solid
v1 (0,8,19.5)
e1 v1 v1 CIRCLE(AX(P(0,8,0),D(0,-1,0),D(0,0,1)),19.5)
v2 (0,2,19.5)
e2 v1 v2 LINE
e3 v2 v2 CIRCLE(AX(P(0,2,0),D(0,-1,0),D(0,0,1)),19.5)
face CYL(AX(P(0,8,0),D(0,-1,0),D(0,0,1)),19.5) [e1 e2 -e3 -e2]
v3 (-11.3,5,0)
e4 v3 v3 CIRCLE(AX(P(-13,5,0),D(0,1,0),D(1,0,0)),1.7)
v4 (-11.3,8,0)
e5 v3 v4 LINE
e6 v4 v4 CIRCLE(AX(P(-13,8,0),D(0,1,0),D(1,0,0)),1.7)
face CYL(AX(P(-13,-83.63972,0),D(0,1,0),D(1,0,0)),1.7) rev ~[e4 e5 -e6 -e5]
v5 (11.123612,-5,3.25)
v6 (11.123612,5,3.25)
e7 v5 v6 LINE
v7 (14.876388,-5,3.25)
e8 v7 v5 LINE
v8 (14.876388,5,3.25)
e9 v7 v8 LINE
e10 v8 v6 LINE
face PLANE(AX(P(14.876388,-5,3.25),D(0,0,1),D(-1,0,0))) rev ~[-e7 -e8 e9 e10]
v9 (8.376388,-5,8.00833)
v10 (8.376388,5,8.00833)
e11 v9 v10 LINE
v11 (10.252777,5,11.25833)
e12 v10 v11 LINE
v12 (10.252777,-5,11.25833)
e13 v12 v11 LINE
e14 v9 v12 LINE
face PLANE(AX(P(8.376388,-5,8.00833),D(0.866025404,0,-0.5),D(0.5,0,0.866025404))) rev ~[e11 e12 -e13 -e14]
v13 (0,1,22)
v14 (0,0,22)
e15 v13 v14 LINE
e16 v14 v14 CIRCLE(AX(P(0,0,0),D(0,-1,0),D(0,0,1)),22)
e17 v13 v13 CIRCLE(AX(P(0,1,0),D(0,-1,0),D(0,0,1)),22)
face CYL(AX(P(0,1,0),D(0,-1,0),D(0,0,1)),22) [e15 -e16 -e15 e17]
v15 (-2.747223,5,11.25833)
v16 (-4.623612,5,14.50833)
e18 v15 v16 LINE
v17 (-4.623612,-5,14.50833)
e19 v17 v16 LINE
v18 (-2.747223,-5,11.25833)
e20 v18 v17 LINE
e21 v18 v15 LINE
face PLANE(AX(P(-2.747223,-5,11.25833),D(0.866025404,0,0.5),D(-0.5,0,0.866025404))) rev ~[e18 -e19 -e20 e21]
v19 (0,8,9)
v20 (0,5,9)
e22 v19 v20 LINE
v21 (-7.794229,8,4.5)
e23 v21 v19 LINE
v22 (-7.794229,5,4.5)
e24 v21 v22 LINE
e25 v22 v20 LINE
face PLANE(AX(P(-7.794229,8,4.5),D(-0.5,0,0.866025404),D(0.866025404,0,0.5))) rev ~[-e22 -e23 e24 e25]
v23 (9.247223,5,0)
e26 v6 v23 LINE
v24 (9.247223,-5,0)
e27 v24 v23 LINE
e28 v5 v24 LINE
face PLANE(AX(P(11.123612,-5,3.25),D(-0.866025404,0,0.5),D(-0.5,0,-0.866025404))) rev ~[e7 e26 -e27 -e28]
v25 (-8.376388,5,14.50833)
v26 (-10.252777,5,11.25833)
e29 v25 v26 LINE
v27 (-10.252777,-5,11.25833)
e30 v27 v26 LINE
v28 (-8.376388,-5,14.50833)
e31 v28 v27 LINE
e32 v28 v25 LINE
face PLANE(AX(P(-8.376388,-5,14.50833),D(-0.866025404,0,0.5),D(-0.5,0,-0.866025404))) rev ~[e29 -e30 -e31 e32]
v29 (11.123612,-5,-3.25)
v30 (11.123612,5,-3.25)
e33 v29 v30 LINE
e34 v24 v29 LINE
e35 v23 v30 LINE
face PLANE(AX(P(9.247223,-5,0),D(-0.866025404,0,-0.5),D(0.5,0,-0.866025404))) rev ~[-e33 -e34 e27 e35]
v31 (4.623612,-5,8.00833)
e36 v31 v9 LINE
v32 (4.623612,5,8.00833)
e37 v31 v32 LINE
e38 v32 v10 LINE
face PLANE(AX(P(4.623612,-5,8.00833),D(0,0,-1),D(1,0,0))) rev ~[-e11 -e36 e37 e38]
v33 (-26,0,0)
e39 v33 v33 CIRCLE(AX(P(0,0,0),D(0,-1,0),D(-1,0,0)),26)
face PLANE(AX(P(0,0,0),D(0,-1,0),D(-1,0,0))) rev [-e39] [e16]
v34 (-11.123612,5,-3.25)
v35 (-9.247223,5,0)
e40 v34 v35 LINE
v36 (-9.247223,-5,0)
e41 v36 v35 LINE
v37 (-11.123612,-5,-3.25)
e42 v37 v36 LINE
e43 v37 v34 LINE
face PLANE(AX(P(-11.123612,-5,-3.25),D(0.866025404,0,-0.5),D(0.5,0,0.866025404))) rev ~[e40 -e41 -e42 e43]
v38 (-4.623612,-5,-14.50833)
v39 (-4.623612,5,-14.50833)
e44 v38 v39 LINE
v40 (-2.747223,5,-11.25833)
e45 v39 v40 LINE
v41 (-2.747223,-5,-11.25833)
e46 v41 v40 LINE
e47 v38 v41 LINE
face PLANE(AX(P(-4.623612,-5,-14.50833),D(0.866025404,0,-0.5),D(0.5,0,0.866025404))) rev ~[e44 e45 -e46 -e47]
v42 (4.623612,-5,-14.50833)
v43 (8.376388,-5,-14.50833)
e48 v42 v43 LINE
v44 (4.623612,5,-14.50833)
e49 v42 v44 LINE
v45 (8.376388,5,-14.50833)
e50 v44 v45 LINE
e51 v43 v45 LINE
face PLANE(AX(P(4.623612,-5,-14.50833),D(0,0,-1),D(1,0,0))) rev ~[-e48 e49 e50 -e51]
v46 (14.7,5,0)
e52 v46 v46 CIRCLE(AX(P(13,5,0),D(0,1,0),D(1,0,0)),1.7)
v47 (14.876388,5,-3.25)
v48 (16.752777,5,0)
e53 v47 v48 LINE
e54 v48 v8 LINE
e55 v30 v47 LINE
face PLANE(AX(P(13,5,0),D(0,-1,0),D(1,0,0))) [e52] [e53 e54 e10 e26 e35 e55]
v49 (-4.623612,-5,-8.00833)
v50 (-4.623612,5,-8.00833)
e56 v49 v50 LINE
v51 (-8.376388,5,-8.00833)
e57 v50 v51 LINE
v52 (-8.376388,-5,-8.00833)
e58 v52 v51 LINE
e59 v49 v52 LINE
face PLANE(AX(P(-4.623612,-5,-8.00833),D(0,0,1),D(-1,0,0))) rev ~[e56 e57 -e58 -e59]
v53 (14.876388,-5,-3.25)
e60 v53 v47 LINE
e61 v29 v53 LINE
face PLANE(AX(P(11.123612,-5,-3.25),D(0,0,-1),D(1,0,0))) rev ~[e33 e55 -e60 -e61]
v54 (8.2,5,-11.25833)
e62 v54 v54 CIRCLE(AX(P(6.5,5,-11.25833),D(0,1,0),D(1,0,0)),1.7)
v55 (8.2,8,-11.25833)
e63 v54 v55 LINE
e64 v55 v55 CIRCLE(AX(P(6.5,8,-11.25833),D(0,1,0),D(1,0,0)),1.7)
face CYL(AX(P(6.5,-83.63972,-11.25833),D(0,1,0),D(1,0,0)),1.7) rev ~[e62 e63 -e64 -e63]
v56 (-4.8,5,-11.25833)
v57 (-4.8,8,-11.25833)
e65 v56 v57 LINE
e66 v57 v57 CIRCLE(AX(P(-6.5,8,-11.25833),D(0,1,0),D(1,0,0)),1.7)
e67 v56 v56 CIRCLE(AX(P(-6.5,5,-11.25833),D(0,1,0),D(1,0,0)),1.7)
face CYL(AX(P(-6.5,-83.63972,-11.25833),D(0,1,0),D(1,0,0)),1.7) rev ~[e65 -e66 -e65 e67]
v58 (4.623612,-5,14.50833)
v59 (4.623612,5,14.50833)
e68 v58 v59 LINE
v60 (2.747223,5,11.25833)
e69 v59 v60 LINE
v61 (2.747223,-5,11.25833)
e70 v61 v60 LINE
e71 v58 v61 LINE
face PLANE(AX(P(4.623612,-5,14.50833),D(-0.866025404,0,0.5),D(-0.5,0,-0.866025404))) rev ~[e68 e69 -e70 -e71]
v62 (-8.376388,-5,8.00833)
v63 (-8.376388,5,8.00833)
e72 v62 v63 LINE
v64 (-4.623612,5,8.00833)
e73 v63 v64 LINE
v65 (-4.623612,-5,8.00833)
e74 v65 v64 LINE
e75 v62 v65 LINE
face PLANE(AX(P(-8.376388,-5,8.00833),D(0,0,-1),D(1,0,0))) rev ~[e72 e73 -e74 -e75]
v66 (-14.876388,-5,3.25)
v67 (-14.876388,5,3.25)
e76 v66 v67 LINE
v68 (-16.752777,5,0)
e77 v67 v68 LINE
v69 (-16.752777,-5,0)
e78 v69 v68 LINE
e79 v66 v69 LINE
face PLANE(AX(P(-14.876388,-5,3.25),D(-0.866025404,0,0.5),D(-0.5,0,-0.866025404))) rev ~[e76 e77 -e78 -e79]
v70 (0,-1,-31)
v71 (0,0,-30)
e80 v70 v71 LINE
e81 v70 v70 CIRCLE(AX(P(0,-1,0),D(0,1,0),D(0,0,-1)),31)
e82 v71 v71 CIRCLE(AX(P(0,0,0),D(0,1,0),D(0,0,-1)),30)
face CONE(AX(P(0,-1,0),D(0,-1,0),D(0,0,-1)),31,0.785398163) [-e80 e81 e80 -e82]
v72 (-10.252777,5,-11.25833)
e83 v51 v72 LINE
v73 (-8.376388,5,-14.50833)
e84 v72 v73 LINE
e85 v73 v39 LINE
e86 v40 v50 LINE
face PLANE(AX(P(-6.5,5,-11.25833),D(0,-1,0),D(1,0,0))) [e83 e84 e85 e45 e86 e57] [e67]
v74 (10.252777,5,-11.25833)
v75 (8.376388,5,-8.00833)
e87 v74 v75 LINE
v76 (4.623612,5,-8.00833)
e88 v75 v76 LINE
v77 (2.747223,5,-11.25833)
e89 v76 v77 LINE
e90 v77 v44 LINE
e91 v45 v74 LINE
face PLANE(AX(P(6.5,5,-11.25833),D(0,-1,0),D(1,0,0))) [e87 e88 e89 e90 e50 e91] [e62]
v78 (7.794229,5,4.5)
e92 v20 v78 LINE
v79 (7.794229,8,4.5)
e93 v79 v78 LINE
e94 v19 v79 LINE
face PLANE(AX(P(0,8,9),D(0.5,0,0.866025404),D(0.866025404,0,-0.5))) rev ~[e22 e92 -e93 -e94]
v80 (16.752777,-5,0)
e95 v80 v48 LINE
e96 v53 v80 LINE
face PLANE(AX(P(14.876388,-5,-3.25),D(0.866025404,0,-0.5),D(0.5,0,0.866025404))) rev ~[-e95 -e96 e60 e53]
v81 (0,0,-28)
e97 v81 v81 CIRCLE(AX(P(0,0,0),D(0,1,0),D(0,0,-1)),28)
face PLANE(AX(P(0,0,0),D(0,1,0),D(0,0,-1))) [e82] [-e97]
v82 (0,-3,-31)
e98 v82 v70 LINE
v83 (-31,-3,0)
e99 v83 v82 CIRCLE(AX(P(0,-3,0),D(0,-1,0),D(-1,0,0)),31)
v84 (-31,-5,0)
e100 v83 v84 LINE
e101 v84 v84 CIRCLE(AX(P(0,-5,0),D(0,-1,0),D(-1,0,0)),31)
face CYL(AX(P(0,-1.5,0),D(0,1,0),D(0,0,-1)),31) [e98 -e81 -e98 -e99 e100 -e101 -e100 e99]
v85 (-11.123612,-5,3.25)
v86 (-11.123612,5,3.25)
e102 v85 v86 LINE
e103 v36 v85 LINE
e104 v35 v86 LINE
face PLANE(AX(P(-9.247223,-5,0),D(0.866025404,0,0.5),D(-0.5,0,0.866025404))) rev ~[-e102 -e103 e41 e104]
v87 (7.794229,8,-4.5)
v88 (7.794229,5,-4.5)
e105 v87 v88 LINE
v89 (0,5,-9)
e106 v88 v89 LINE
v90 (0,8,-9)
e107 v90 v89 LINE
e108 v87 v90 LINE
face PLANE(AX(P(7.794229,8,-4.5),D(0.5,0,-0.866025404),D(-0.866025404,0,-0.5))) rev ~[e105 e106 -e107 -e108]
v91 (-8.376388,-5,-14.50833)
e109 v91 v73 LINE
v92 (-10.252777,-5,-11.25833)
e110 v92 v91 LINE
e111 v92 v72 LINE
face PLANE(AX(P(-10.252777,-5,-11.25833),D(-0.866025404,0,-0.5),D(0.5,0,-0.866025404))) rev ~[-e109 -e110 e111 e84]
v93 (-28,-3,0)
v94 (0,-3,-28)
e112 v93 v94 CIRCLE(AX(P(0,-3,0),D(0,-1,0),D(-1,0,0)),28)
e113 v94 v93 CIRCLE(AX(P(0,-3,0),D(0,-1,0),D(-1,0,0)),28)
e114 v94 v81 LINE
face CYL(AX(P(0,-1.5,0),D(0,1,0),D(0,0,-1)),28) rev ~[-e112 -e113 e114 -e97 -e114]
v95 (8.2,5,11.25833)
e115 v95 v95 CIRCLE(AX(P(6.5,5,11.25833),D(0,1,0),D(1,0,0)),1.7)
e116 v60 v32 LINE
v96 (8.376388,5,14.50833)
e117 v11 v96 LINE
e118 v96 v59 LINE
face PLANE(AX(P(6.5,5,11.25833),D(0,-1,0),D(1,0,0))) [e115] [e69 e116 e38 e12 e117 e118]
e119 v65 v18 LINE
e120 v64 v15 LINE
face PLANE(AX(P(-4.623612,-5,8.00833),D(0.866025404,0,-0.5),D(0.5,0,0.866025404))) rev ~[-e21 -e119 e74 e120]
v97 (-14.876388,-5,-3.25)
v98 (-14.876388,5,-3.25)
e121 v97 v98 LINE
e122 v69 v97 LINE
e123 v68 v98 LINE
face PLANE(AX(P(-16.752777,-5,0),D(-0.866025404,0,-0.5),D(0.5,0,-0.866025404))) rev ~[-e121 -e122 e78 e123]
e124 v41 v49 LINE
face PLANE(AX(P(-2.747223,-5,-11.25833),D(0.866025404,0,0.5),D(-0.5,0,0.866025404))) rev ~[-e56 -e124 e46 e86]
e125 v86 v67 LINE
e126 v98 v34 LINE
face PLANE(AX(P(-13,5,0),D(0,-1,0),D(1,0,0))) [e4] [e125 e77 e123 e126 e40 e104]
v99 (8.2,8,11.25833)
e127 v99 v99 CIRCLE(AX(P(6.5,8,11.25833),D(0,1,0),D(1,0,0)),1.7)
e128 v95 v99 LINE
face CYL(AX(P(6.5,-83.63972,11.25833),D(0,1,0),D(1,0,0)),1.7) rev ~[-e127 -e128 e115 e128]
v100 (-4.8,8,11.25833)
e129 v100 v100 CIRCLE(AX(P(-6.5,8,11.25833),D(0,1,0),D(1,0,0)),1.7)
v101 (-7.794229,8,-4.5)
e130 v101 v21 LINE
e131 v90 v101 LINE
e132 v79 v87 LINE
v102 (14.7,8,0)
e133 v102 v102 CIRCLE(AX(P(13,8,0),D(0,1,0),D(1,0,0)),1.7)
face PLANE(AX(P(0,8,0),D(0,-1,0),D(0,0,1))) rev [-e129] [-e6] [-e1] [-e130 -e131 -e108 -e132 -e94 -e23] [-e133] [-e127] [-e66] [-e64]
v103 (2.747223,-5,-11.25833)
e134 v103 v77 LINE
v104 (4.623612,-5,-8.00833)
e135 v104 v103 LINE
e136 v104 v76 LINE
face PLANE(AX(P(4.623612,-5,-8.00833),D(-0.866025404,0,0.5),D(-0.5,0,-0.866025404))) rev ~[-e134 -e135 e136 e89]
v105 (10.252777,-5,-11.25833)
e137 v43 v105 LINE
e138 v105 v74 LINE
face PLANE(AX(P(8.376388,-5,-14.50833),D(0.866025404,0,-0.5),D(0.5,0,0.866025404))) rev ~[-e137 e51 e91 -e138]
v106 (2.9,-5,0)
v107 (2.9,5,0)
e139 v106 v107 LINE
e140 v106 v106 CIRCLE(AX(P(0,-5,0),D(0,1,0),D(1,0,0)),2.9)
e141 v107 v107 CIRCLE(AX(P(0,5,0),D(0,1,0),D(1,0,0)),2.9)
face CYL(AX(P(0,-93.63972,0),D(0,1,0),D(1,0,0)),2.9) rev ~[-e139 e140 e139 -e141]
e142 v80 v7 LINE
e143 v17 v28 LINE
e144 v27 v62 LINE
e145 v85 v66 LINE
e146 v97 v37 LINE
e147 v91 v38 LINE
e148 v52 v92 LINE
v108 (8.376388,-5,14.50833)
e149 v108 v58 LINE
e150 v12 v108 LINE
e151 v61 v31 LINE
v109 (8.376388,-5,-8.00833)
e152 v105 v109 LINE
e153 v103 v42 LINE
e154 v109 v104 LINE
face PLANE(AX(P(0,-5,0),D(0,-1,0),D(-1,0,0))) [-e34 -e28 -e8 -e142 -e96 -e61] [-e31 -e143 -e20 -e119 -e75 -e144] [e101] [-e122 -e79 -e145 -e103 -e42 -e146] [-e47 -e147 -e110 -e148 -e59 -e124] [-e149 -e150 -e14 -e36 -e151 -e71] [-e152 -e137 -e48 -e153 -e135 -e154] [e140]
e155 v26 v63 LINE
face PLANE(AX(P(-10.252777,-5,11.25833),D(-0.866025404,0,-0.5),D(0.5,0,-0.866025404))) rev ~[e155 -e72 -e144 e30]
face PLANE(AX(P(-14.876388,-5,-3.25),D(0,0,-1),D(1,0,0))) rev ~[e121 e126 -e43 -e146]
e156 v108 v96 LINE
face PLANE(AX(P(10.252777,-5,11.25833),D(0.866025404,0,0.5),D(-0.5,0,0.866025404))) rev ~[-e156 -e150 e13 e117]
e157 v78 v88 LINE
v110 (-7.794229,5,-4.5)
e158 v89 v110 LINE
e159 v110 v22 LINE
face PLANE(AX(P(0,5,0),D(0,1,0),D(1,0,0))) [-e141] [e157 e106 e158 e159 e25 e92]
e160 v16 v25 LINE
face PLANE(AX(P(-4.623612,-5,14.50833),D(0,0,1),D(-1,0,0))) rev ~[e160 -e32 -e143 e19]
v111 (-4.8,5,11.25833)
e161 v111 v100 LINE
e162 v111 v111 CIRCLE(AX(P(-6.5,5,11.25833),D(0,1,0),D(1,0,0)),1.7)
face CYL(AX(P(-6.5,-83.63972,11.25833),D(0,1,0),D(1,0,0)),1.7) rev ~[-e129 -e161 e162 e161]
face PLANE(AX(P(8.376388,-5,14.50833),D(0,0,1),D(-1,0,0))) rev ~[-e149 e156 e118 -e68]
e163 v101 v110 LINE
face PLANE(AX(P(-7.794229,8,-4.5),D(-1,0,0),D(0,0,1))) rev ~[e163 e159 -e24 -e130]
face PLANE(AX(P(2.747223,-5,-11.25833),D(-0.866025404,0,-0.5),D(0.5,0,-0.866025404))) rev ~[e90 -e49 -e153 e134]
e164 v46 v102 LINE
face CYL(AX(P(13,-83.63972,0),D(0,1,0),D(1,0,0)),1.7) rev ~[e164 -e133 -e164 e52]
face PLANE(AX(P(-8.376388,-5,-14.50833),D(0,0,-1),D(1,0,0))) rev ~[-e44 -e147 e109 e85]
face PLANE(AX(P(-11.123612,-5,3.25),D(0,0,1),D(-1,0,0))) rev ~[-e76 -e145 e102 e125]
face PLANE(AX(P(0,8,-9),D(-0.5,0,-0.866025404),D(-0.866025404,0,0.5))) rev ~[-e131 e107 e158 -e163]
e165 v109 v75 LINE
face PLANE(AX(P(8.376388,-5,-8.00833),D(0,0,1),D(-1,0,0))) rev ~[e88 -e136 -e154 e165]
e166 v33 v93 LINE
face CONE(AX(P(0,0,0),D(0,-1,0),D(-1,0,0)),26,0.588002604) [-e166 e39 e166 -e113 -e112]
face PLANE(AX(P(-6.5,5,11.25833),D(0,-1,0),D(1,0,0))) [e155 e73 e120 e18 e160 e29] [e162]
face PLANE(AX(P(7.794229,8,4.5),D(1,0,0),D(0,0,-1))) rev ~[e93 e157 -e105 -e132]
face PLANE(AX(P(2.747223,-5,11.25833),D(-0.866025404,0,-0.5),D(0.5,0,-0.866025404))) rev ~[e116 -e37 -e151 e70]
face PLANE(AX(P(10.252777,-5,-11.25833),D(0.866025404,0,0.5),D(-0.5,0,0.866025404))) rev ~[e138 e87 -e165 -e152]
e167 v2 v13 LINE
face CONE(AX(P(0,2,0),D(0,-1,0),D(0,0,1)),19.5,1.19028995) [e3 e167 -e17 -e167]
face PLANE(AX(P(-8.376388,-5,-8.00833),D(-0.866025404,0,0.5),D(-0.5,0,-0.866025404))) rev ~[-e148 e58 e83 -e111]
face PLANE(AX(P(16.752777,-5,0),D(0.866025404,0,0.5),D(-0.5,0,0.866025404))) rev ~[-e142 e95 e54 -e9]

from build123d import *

# Parameters (mm, degrees)
CUT_EXTRUDE_1_DEPTH = 10
HOLE_WIZARD_M31_D   = 3.4
SKETCH_10_W         = 3
SKETCH_10_H         = 3
CHAMFER_3_SIZE      = 1
CUT_EXTRUDE_2_DEPTH = 3
HOLE_WIZARD_M51_D   = 5.8


with BuildPart() as part:
    # Эскиз2 → Повернуть1 (revolve)
    with BuildSketch(Plane.XY, mode=Mode.PRIVATE) as revolve_1_sk:
        Polygon((-19.5, 2), (-22, 1), (-22, 0), (0, 0), (0, 8), (-19.5, 8), align=None)
    revolve(revolve_1_sk.sketch.rotate(Axis((0, 8, 0), (0, -1, 0)), 270), axis=Axis((0, 8, 0), (0, -1, 0)))

    # Эскиз4 → Повернуть2 (revolve)
    with BuildSketch(Plane.XY, mode=Mode.PRIVATE) as revolve_2_sk:
        Polygon((0, 0), (26, 0), (28, -3), (31, -3), (31, -5), (0, -5), (0, -3), align=None)
    revolve(revolve_2_sk.sketch.rotate(Axis((0, -3, 0), (0, -1, 0)), 180), axis=Axis((0, -3, 0), (0, -1, 0)))

    # Эскиз6 → Вырез-Вытянуть1 (cut)
    with BuildSketch(Plane.XZ.offset(5)):
        Polygon((2.74722325, -11.258330249), (4.623611625, -14.508330249), (8.376388375, -14.508330249), (10.25277675, -11.258330249), (8.376388375, -8.008330249), (4.623611625, -8.008330249), align=None)
        Polygon((-10.25277675, -11.258330249), (-8.376388375, -14.508330249), (-4.623611625, -14.508330249), (-2.74722325, -11.258330249), (-4.623611625, -8.008330249), (-8.376388375, -8.008330249), align=None)
        Polygon((-16.75277675, 0), (-14.876388375, -3.25), (-11.123611625, -3.25), (-9.24722325, 0), (-11.123611625, 3.25), (-14.876388375, 3.25), align=None)
        Polygon((-10.25277675, 11.258330249), (-8.376388375, 8.008330249), (-4.623611625, 8.008330249), (-2.74722325, 11.258330249), (-4.623611625, 14.508330249), (-8.376388375, 14.508330249), align=None)
        Polygon((2.74722325, 11.258330249), (4.623611625, 8.008330249), (8.376388375, 8.008330249), (10.25277675, 11.258330249), (8.376388375, 14.508330249), (4.623611625, 14.508330249), align=None)
        Polygon((9.24722325, 0), (11.123611625, -3.25), (14.876388375, -3.25), (16.75277675, 0), (14.876388375, 3.25), (11.123611625, 3.25), align=None)
    extrude(amount=-CUT_EXTRUDE_1_DEPTH, mode=Mode.SUBTRACT)

    # Отверстие с зазором M31 (through all)
    with Locations(Plane(origin=(0, 5, 0), x_dir=(-1, 0, 0), z_dir=(0, -1, 0))):
        with Locations((6.5, -11.258330249), (13, 0), (6.5, 11.258330249), (-6.5, 11.258330249), (-13, 0), (-6.5, -11.258330249)):
            Hole(HOLE_WIZARD_M31_D / 2)

    # Эскиз10 → Повернуть3 (revolve)
    with BuildSketch(Plane.XY, mode=Mode.PRIVATE) as revolve_3_sk:
        with Locations((-29.5, -1.5)):
            Rectangle(SKETCH_10_W, SKETCH_10_H)
    revolve(revolve_3_sk.sketch.rotate(Axis((0, -2.994452998, 0), (0, 1, 0)), 270), axis=Axis((0, -2.994452998, 0), (0, 1, 0)))

    # Фаска3
    chamfer_3_edges = [part.edges().sort_by_distance(p)[0] for p in [
        (0, 0, 31),
    ]]
    chamfer(chamfer_3_edges, length=CHAMFER_3_SIZE)

    # Эскиз11 → Вырез-Вытянуть2 (cut)
    with BuildSketch(Plane(origin=(0, 8, 0), x_dir=(1, 0, 0), z_dir=(0, 1, 0))):
        Polygon((7.794228634, -4.5), (7.794228634, 4.5), (0, 9), (-7.794228634, 4.5), (-7.794228634, -4.5), (0, -9), align=None)
    extrude(amount=-CUT_EXTRUDE_2_DEPTH, mode=Mode.SUBTRACT)

    # Отверстие с зазором M51 (through all)
    with Locations(Plane(origin=(0, -5, 0), x_dir=(-1, 0, 0), z_dir=(0, -1, 0))):
        with Locations((0, 0)):
            Hole(HOLE_WIZARD_M51_D / 2)


solid = part.part
